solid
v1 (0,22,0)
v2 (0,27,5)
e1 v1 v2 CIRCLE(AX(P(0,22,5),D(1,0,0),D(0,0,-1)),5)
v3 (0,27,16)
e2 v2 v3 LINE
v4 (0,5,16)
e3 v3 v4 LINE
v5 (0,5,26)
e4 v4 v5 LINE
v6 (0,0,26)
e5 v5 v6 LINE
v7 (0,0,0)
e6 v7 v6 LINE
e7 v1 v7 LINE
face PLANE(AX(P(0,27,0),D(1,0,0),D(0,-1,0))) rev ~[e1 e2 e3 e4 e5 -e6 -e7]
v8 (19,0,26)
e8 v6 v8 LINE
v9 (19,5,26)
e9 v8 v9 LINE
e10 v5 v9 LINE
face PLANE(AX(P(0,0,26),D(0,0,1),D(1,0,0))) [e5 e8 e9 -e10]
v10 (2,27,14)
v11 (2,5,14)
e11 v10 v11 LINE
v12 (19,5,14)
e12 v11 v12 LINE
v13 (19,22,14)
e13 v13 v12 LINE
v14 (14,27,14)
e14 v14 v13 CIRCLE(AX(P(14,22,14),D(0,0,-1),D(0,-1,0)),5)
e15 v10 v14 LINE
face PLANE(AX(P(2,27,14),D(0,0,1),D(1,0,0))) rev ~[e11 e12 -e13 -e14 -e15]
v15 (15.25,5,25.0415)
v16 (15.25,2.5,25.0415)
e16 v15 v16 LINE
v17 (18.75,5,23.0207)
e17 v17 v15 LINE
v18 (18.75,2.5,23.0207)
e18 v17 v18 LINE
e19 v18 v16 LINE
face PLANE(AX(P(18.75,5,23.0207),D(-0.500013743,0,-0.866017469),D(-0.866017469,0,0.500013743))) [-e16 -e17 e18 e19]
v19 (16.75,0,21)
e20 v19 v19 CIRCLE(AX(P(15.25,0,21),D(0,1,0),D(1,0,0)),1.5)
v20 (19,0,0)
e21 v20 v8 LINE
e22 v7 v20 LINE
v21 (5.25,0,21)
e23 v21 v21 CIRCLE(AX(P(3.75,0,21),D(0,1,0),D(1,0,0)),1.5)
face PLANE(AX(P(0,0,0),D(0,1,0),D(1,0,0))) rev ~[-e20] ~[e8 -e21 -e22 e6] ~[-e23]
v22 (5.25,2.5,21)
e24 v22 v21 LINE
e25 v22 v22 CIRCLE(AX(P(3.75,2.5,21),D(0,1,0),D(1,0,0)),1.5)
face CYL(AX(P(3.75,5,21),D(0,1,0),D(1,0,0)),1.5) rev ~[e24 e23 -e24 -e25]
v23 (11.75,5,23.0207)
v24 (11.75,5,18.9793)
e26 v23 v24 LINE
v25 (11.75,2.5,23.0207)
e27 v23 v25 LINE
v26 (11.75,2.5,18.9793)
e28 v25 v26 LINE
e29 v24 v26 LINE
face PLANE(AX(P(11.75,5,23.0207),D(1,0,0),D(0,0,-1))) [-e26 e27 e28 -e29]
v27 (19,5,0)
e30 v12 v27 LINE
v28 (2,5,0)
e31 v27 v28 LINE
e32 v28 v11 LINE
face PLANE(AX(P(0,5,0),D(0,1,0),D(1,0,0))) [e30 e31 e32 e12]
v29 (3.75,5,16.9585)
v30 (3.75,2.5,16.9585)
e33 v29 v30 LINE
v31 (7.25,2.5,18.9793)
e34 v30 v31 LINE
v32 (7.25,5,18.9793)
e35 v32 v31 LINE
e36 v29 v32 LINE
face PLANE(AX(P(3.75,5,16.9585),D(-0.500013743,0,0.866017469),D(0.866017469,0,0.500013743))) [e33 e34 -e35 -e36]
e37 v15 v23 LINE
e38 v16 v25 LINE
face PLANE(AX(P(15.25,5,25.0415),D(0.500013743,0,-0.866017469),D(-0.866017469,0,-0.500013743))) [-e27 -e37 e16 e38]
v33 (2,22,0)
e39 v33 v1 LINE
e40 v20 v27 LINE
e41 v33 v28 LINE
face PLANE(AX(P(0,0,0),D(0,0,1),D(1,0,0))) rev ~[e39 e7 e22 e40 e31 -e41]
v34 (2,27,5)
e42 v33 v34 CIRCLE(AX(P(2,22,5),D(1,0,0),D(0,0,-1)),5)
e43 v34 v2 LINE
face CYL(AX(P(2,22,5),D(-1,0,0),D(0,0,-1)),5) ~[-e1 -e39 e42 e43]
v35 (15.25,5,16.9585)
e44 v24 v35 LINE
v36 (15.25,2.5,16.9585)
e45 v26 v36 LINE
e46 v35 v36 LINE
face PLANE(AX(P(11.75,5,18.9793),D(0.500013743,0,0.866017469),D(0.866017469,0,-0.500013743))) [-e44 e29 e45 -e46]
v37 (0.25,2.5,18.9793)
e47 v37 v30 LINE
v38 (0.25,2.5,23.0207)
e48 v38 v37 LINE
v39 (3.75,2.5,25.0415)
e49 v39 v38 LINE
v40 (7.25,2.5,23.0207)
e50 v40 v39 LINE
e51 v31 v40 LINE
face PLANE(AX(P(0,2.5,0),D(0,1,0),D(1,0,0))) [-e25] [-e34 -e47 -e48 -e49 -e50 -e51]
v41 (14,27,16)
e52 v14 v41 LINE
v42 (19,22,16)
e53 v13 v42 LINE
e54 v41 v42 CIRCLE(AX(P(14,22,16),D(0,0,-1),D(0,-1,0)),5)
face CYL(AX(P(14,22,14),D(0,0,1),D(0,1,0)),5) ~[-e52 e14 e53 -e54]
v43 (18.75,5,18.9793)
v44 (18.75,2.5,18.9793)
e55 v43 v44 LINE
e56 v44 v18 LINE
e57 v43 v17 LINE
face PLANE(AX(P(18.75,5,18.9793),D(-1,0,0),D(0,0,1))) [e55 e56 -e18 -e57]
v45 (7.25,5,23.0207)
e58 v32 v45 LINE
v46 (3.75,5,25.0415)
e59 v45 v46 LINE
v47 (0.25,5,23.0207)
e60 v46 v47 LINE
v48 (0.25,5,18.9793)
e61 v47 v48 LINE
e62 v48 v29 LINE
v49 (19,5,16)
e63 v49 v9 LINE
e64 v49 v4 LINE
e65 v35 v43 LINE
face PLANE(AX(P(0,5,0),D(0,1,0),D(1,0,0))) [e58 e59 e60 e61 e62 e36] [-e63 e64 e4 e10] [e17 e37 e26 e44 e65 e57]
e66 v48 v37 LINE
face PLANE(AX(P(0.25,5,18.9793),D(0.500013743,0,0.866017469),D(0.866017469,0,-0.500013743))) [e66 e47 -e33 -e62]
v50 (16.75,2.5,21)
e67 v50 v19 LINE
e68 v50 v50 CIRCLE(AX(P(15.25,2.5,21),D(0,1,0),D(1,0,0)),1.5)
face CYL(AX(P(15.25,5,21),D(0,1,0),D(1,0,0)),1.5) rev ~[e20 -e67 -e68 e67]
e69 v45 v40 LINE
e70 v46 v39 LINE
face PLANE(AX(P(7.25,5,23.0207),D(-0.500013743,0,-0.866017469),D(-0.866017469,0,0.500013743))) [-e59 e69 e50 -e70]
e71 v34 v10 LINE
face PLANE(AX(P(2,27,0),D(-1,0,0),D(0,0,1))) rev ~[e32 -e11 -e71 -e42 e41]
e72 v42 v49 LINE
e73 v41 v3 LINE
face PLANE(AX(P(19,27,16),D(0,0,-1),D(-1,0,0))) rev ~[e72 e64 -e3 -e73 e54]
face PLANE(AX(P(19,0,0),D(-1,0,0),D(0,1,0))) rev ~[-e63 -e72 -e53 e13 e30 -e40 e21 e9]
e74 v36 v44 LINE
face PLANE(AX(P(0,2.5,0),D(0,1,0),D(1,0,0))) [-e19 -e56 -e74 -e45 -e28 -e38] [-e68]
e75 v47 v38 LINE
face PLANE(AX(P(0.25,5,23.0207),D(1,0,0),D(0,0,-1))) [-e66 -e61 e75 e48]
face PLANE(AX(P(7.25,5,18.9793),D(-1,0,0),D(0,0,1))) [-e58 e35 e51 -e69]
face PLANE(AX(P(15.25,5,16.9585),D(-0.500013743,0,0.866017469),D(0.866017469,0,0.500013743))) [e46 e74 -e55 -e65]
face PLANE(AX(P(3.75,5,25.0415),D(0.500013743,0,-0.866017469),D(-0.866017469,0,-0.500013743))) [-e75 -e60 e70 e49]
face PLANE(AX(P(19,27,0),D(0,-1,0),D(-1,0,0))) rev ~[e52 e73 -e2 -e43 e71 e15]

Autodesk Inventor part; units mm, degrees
ref_plane "YZ Plane" through (0, 0, 0) normal (1, 0, 0) x (0, 1, 0)
ref_plane "XZ Plane" through (0, 0, 0) normal (0, 1, 0) x (-1, 0, 0)
ref_plane "XY Plane" through (0, 0, 0) normal (0, 0, 1) x (1, 0, 0)
sketch "Esquisse1" plane through (0, 0, 0) normal (0, 0, 1) x (1, 0, 0)
  line L0 (0, 0) -> (19, 0)
  line L1 (19, 0) -> (19, 27)
  line L2 (19, 27) -> (0, 27)
  line L3 (0, 27) -> (0, 0)
  dimension "d0" = 27
  dimension "d1" = 19
extrude "Extrusion1" add sketch "Esquisse1" along normal blind 26
sketch "Esquisse2" plane through (0, 27, 0) normal (0, 1, 0) x (1, 0, 0)
  line L0 (19, 0) -> (2, 0)
  line L1 (2, 0) -> (2, -14)
  line L2 (2, -14) -> (19, -14)
  line L3 (19, -14) -> (19, 0)
  line L4 (0, 0) -> (0, -26) projected
  line L5 (19, 0) -> (19, -26) projected
  line L6 (0, -26) -> (19, -26)
  line L7 (19, -26) -> (19, -16)
  line L8 (19, -16) -> (0, -16)
  line L9 (0, -16) -> (0, -26)
  dimension "d4" = 2
  dimension "d5" = 2
  dimension "d6" = 14
  dimension "d7" = 10
extrude "Extrusion2" cut sketch "Esquisse2" against normal blind 22
sketch "Esquisse3" plane through (0, 5, 0) normal (0, 1, 0) x (1, 0, 0)
  circle A0 centre (3.75, -21) radius 1.5
  circle A1 centre (15.25, -21) radius 1.5
  line L0 (0, -16) -> (19, -16) projected
  line L1 (19, -16) -> (19, -26) projected
  line L2 (0, -26) -> (0, -16) projected
  point P0 (0, 0)
  dimension "d10" = 3
  dimension "d11" = 5
  dimension "d12" = 11.5
  dimension "d13" = 19
  dimension "d14" = 3.75
extrude "Extrusion3" cut sketch "Esquisse3" against normal through all
sketch "Esquisse4" plane through (0, 5, 0) normal (0, 1, 0) x (1, 0, 0)
  circle A0 centre (3.75, -21) radius 1.5 projected
  line L0 (3.75, -16.9585) -> (7.25, -18.9793)
  line L1 (7.25, -18.9793) -> (7.25, -23.0207)
  line L2 (7.25, -23.0207) -> (3.75, -25.0415)
  line L3 (3.75, -25.0415) -> (0.25, -23.0207)
  line L4 (0.25, -23.0207) -> (0.25, -18.9793)
  line L5 (0.25, -18.9793) -> (3.75, -16.9585)
  circle A1 centre (15.25, -21) radius 1.5 projected
  line L6 (15.25, -16.9585) -> (18.75, -18.9793)
  line L7 (18.75, -18.9793) -> (18.75, -23.0207)
  line L8 (18.75, -23.0207) -> (15.25, -25.0415)
  line L9 (15.25, -25.0415) -> (11.75, -23.0207)
  line L10 (11.75, -23.0207) -> (11.75, -18.9793)
  line L11 (11.75, -18.9793) -> (15.25, -16.9585)
  point P0 (0, 0)
  dimension "d17" = 7
extrude "Extrusion4" cut sketch "Esquisse4" against normal blind 2.5
fillet "Congé1" radius 5 2 edges at (1, 27, 0) (19, 27, 15)
equation "\"d14\" = -0.5 * d12 + 0.5 * d13"
properties part number "EquerreBatterieGauche" material "Plastique ABS"
